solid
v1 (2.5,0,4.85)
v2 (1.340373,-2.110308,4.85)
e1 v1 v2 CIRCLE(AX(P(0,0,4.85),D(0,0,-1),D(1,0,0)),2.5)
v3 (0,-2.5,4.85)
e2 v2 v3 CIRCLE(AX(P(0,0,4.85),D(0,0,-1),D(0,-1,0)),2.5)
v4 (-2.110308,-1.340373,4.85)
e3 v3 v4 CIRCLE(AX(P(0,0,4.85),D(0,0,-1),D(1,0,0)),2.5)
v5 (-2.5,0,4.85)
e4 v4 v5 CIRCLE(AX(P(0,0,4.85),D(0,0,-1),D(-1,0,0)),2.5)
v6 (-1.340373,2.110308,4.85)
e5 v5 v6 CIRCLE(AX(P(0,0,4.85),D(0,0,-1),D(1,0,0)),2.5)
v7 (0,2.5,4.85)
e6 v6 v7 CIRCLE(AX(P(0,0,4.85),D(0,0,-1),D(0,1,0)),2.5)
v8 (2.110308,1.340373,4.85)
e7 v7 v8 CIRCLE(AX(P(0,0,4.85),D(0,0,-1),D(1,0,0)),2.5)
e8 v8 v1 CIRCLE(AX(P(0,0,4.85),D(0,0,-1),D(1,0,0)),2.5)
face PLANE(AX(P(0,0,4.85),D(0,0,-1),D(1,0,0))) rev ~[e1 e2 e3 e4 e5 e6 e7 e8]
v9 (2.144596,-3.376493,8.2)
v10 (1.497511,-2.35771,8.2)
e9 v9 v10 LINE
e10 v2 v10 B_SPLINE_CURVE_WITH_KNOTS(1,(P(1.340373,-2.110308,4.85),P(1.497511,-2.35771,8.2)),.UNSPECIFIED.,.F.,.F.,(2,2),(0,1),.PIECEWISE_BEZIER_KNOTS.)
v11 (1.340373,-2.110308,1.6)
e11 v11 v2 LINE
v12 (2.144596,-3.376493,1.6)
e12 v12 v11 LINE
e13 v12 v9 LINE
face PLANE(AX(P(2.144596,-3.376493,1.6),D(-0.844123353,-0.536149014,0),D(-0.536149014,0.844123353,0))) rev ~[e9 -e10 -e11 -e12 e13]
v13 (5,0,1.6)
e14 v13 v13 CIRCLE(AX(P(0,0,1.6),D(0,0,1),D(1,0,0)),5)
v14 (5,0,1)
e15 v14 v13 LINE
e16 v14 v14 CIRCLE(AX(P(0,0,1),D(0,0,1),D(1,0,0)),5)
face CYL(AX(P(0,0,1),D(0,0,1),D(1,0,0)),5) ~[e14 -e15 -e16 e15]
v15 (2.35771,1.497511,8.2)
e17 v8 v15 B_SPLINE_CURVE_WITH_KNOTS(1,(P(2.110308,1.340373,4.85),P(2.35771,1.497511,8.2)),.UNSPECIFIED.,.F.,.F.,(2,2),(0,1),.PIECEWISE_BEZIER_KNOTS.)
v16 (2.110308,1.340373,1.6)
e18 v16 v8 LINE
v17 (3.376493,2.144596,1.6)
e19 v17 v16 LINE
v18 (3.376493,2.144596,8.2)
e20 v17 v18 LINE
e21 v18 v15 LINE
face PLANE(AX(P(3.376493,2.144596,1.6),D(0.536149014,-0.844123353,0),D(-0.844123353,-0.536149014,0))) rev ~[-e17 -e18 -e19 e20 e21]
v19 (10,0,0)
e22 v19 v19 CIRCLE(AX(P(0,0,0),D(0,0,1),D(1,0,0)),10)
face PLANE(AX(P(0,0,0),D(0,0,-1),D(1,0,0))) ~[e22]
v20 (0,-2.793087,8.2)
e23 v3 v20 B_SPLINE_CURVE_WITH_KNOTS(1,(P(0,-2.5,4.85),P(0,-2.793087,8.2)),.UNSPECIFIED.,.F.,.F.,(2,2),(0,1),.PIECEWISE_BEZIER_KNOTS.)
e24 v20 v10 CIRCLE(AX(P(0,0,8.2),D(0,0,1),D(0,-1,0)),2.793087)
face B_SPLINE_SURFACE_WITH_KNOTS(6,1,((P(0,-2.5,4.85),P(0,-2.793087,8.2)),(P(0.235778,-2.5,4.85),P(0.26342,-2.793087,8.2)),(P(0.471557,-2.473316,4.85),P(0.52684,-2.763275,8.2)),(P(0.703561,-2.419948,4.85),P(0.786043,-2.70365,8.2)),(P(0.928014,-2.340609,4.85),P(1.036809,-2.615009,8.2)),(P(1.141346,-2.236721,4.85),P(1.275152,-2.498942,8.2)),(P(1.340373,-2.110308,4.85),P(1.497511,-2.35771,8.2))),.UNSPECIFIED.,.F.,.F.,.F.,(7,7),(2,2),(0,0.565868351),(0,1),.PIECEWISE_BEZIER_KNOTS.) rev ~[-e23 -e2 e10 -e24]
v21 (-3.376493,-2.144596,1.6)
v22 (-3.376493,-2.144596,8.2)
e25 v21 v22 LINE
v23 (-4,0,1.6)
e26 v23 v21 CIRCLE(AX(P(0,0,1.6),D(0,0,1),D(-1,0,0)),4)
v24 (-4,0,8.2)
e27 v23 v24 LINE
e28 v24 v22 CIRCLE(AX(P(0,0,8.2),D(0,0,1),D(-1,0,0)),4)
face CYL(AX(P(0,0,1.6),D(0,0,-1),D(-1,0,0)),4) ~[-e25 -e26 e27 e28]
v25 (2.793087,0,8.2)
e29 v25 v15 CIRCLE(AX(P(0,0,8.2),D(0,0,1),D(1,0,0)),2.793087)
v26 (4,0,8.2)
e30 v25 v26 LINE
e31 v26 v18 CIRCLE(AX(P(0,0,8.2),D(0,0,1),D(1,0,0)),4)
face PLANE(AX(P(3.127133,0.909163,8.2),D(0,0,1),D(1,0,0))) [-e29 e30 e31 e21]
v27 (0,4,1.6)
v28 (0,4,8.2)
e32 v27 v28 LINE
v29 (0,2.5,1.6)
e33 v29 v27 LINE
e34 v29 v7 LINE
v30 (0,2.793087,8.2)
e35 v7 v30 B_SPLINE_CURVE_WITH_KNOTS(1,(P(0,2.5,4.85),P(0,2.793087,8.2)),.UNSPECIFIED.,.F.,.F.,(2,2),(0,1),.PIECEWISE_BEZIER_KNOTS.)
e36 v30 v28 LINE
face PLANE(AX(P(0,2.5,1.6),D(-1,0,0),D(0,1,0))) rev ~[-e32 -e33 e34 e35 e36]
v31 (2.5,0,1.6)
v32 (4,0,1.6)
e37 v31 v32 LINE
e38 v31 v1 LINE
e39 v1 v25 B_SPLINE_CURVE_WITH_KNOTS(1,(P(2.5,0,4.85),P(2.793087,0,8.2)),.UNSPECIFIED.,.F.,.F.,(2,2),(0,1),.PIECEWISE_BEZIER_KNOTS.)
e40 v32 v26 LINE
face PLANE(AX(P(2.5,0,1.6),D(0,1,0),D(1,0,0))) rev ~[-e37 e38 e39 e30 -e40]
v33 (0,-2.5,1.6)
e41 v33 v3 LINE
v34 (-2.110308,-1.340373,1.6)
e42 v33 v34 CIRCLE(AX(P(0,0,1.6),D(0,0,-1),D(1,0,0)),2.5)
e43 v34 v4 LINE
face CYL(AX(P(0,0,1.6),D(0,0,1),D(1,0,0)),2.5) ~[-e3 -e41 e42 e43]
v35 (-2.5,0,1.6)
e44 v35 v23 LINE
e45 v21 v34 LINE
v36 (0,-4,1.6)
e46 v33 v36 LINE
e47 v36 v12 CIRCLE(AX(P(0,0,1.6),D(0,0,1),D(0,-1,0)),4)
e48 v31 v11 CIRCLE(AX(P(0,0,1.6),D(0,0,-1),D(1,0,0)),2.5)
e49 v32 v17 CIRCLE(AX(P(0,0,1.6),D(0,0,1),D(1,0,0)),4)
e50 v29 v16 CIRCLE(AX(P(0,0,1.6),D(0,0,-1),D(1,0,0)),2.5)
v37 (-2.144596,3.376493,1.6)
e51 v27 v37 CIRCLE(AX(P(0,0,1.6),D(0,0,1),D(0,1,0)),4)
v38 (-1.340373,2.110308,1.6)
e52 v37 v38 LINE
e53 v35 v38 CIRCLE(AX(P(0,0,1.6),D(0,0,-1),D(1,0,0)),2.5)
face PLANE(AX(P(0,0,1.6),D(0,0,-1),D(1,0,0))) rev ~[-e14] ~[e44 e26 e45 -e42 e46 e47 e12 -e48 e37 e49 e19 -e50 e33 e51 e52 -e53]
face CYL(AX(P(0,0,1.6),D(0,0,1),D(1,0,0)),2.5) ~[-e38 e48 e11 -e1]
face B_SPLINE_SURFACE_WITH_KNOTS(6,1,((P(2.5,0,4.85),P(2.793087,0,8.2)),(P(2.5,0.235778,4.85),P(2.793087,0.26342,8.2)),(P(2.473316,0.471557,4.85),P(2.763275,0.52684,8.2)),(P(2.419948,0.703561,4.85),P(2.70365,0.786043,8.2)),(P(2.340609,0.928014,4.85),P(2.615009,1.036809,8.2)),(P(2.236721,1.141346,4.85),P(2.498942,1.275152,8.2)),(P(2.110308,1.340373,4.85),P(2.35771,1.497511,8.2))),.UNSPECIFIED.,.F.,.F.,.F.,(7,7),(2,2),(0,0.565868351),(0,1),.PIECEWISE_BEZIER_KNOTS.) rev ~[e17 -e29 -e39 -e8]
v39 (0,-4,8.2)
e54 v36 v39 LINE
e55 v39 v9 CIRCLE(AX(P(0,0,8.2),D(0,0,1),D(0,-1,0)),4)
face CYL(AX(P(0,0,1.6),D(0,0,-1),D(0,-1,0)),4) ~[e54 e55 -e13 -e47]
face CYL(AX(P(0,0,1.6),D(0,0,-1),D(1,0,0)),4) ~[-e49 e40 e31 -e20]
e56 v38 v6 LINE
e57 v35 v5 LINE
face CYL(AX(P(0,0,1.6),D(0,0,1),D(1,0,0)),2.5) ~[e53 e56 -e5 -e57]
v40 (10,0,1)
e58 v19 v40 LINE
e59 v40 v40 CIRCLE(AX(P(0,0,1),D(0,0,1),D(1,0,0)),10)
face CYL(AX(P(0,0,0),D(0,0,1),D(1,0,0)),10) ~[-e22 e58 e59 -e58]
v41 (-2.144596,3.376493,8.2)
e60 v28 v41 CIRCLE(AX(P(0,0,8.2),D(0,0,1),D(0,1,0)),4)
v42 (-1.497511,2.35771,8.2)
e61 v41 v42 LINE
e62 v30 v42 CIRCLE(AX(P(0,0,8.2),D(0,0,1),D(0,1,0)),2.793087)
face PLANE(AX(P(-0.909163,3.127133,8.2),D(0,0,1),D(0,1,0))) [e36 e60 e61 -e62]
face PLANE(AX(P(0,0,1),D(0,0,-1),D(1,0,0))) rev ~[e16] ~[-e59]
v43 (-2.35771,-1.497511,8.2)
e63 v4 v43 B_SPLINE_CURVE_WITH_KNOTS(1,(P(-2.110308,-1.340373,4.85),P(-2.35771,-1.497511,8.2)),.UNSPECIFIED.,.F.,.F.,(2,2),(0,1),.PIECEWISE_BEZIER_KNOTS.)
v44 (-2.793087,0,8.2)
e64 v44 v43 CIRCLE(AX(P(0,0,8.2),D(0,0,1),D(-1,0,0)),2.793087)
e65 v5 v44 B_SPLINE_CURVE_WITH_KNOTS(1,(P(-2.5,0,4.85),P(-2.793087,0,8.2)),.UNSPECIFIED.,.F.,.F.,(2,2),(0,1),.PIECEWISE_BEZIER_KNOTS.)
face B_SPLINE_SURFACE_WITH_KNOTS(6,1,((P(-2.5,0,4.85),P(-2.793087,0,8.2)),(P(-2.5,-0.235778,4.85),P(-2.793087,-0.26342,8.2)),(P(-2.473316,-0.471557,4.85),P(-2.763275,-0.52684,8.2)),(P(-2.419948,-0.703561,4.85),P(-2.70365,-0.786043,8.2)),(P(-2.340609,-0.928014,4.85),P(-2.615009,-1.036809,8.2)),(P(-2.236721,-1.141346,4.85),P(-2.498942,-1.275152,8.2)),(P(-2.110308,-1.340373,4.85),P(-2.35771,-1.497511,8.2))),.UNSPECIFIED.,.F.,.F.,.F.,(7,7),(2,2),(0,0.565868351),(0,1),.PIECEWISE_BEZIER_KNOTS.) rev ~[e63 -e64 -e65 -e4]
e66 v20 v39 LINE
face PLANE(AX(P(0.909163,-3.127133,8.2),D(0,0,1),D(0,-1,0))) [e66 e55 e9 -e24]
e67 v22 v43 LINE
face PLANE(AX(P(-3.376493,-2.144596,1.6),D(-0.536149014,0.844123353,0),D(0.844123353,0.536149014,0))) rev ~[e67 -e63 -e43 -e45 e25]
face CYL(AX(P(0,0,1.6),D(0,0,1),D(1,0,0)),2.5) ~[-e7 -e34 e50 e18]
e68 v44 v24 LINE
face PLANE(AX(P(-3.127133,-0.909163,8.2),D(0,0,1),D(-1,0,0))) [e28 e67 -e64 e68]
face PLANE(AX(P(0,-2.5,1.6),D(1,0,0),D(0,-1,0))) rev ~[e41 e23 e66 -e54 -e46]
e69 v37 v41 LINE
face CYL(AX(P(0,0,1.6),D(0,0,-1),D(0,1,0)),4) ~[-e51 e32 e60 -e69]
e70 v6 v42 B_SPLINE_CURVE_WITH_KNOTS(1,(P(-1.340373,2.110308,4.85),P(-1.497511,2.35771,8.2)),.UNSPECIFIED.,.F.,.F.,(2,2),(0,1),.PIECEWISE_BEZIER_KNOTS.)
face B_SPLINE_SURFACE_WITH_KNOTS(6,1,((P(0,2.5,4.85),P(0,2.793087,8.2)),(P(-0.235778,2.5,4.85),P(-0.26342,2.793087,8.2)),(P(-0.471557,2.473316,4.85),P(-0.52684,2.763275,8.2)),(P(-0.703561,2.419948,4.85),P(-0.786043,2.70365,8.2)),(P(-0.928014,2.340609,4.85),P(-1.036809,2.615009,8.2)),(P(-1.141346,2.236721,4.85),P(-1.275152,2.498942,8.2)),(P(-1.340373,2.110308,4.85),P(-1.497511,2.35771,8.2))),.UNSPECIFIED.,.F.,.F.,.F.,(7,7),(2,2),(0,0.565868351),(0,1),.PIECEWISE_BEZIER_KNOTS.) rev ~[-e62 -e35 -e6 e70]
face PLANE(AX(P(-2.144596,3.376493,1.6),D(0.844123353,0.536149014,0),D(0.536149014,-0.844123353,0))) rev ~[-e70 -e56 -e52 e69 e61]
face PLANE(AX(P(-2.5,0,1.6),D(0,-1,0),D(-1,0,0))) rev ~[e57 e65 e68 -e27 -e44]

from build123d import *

# Parameters (mm, degrees)
F3_DEPTH = 6.6
F4_COUNT = 4
F5_DEPTH = 3.35
F5_TAPER = -5


with BuildPart() as f1:
    # F0 (on Front) → F1 (revolve)
    with BuildSketch(Plane.XZ):
        Polygon((0, 4.85), (0, 0), (10, 0), (10, 1), (5, 1), (5, 1.6), (2.5, 1.6), (2.5, 3.85), (2.5, 4.85), align=None)
    revolve(axis=Axis((0, 0, 2.425), (0, 0, -1)))

    # F2 (on face) → F3 (join)
    with BuildSketch(Plane.XY.offset(1.6)):
        with BuildLine():
            ThreePointArc((4, 0), (3.8409617055, 1.1166974421), (3.3764934114, 2.1445960558))
            Line((3.3764934114, 2.1445960558), (2.1103083822, 1.3403725349))
            ThreePointArc((2.1103083822, 1.3403725349), (2.4006010659, 0.6979359013), (2.5, 0))
            Line((2.5, 0), (4, 0))
        make_face()
    extrude(amount=F3_DEPTH)

    # F4: F1 ×4 about axis
    f4_axis = Axis((0, 0, 2.425), (0, 0, -1))


with BuildPart() as f1_1:
    add(f1.part)
    for i in range(1, F4_COUNT):
        add(f1.part.rotate(f4_axis, i * 360 / F4_COUNT))

    # F1_face1 (on face) → F5 (cut, through all)
    with BuildSketch(Plane.XY.offset(4.85)):
        with BuildLine():
            ThreePointArc((1.3403725349, -2.1103083822), (2.1909965013, -1.203966084), (2.5, 0))
            ThreePointArc((2.5, 0), (2.4006010659, 0.6979359013), (2.1103083822, 1.3403725349))
            ThreePointArc((2.1103083822, 1.3403725349), (1.203966084, 2.1909965013), (0, 2.5))
            ThreePointArc((0, 2.5), (-0.6979359013, 2.4006010659), (-1.3403725349, 2.1103083822))
            ThreePointArc((-1.3403725349, 2.1103083822), (-2.1909965013, 1.203966084), (-2.5, 0))
            ThreePointArc((-2.5, 0), (-2.4006010659, -0.6979359013), (-2.1103083822, -1.3403725349))
            ThreePointArc((-2.1103083822, -1.3403725349), (-1.203966084, -2.1909965013), (0, -2.5))
            ThreePointArc((0, -2.5), (0.6979359013, -2.4006010659), (1.3403725349, -2.1103083822))
        make_face()
    extrude(amount=F5_DEPTH, taper=F5_TAPER, mode=Mode.SUBTRACT)


solid = f1_1.part
